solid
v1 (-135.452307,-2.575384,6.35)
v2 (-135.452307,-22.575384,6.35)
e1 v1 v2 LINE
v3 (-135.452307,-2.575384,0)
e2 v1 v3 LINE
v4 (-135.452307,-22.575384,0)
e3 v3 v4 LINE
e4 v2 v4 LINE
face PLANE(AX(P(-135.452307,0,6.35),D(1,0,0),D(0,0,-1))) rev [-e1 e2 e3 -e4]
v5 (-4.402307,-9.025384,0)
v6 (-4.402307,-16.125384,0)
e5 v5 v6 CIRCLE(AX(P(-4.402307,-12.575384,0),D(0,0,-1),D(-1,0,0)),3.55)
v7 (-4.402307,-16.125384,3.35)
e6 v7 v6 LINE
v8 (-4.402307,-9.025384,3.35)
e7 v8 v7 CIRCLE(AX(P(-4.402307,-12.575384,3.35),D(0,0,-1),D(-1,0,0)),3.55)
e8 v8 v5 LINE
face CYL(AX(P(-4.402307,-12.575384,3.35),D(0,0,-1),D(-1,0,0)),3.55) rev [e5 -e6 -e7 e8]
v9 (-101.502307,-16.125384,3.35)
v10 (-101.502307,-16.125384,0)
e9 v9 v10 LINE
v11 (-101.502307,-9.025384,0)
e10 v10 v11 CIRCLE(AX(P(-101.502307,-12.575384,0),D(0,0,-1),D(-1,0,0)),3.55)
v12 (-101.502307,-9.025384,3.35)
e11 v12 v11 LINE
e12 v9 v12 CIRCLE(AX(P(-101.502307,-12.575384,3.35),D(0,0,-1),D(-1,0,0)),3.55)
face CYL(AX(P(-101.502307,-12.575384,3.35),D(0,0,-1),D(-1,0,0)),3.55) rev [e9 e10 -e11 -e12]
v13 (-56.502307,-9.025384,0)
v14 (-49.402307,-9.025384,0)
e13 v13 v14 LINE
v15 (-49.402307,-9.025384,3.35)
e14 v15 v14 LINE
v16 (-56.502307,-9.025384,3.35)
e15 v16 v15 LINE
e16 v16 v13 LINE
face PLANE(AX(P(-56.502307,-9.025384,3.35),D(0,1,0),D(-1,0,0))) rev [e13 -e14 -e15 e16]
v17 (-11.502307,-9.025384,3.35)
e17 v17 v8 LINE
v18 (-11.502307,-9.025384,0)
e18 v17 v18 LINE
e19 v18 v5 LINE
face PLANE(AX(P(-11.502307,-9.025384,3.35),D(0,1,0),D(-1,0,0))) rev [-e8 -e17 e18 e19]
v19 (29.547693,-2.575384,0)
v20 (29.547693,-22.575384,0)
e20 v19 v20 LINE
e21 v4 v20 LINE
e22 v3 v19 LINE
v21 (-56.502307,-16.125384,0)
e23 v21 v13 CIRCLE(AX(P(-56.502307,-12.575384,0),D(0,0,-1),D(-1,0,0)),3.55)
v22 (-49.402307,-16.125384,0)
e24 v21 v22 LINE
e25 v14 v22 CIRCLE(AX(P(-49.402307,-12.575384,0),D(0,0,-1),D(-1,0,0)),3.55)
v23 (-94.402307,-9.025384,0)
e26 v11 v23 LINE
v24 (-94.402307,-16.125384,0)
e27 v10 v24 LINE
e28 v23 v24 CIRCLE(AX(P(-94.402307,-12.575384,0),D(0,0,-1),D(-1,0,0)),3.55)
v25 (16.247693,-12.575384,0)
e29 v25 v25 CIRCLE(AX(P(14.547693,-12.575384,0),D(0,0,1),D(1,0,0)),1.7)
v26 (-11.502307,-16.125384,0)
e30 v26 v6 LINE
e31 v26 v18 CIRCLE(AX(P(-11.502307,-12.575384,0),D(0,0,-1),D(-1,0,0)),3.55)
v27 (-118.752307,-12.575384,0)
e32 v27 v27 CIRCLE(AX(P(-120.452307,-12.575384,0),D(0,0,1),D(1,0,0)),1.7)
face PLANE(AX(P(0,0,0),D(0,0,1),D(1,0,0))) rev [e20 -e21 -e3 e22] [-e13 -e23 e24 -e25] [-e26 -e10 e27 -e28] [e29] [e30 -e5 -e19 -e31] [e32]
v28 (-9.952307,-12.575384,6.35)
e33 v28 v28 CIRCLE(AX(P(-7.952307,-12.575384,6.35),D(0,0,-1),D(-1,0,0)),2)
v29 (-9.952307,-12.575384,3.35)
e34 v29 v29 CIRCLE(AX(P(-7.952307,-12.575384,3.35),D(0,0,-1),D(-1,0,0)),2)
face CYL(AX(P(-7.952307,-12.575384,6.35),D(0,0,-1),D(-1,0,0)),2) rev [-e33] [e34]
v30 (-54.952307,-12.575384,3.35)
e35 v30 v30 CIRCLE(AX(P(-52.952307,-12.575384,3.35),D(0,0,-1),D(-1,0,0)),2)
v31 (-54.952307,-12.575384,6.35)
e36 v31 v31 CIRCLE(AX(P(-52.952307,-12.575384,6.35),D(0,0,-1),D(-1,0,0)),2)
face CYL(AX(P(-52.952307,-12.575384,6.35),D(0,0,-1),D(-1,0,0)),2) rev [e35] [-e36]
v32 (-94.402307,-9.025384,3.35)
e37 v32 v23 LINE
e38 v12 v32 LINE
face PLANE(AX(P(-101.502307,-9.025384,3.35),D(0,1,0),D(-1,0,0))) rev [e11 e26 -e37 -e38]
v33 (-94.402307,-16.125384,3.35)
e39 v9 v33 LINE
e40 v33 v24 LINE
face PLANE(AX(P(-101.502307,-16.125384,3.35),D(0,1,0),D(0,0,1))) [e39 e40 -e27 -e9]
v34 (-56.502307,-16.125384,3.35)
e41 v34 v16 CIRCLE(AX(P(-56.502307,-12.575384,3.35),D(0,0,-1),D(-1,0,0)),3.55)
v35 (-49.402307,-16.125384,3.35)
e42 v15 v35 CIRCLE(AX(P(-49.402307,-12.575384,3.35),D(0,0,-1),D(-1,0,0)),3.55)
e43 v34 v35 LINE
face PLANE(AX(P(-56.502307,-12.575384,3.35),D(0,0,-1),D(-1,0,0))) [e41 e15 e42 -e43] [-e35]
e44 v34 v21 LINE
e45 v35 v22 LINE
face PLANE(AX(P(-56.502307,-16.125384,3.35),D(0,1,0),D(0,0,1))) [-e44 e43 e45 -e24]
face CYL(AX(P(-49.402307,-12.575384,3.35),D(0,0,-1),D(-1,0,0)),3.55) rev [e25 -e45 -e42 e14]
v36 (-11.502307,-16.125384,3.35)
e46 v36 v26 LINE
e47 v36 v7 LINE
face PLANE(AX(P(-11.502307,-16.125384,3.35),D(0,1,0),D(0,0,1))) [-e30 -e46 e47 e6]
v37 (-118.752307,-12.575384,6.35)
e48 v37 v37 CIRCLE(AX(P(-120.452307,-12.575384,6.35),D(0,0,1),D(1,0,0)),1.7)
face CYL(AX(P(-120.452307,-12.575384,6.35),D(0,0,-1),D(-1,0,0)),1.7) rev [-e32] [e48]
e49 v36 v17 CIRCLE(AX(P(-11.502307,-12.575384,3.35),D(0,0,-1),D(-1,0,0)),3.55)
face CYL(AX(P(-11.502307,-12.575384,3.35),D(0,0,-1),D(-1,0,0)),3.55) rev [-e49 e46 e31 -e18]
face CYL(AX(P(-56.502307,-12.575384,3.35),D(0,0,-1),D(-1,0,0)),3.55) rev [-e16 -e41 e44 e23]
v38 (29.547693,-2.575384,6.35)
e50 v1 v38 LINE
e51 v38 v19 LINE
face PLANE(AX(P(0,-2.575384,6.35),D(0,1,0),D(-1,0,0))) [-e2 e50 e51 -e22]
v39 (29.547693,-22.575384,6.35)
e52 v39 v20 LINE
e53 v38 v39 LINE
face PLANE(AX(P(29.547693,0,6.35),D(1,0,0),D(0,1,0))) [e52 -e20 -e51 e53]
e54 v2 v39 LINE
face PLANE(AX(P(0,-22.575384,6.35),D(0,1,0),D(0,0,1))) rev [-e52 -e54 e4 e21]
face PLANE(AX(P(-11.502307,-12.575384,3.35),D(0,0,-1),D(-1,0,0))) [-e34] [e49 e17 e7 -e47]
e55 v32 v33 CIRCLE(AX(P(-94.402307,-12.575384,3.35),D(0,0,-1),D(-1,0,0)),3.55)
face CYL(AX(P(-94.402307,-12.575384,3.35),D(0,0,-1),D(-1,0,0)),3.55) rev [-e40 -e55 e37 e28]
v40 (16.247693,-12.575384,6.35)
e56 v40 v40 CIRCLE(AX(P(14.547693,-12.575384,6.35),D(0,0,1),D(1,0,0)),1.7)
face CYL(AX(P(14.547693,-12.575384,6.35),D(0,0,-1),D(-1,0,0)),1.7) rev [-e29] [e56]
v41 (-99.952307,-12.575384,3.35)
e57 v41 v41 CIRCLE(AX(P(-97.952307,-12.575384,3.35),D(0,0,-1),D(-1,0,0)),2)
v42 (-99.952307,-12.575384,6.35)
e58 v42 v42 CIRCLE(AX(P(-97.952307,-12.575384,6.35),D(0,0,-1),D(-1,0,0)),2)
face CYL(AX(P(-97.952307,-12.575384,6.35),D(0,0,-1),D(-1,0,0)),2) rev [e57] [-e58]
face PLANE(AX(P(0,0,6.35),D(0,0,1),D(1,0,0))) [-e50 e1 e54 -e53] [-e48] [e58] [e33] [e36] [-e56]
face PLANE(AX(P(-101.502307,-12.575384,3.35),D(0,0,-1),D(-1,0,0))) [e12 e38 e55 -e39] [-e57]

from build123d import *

# Parameters (mm, degrees)
SKETCH1_W           = 165
SKETCH1_H           = 20
SKETCH1_R           = 1.7
BOSS_EXTRUDE1_DEPTH = 6.35
CUT_EXTRUDE2_DEPTH  = 3.35
CUT_EXTRUDE3_DEPTH  = 3


with BuildPart() as part:
    # Sketch1 → Boss-Extrude1 (new body)
    with BuildSketch(Plane(origin=(0, 0, 0), x_dir=(-1, 0, 0), z_dir=(0, 0, 1))):
        with Locations((52.952306935, 12.575384489)):
            Rectangle(SKETCH1_W, SKETCH1_H)
        with Locations(Location((120.452306935, 12.575384489, 0), (0, 0, 180))):
            Circle(SKETCH1_R, mode=Mode.SUBTRACT)
        with Locations(Location((-14.547693065, 12.575384489, 0), (0, 0, 180))):
            Circle(SKETCH1_R, mode=Mode.SUBTRACT)
    extrude(amount=BOSS_EXTRUDE1_DEPTH)

    # Sketch3 → Cut-Extrude2 (cut)
    with BuildSketch(Plane(origin=(0, 0, 0), x_dir=(-1, 0, 0), z_dir=(0, 0, -1))):
        with BuildLine():
            Line((56.502306935, -16.125384489), (49.402306935, -16.125384489))
            ThreePointArc((49.402306935, -16.125384489), (45.852306935, -12.575384489), (49.402306935, -9.025384489))
            Line((49.402306935, -9.025384489), (56.502306935, -9.025384489))
            ThreePointArc((56.502306935, -9.025384489), (60.052306935, -12.575384489), (56.502306935, -16.125384489))
        make_face()
        with BuildLine():
            Line((101.502306935, -16.125384489), (94.402306935, -16.125384489))
            ThreePointArc((94.402306935, -16.125384489), (90.852306935, -12.575384489), (94.402306935, -9.025384489))
            Line((94.402306935, -9.025384489), (101.502306935, -9.025384489))
            ThreePointArc((101.502306935, -9.025384489), (105.052306935, -12.575384489), (101.502306935, -16.125384489))
        make_face()
        with BuildLine():
            Line((11.502306935, -16.125384489), (4.402306935, -16.125384489))
            ThreePointArc((4.402306935, -16.125384489), (0.852306935, -12.575384489), (4.402306935, -9.025384489))
            Line((4.402306935, -9.025384489), (11.502306935, -9.025384489))
            ThreePointArc((11.502306935, -9.025384489), (15.052306935, -12.575384489), (11.502306935, -16.125384489))
        make_face()
    extrude(amount=-CUT_EXTRUDE2_DEPTH, mode=Mode.SUBTRACT)

    # Sketch4 → Cut-Extrude3 (cut)
    with BuildSketch(Plane(origin=(0, 0, 3.35), x_dir=(-1, 0, 0), z_dir=(0, 0, -1))):
        with BuildLine():
            ThreePointArc((9.952306935, -12.575384489), (9.366520498, -11.161170927), (7.952306935, -10.575384489))
            Line((7.952306935, -10.575384489), (7.952306935, -14.575384489))
            ThreePointArc((7.952306935, -14.575384489), (9.366520498, -13.989598052), (9.952306935, -12.575384489))
        make_face()
        with BuildLine():
            Line((7.952306935, -14.575384489), (7.952306935, -10.575384489))
            ThreePointArc((7.952306935, -10.575384489), (5.952306935, -12.575384489), (7.952306935, -14.575384489))
        make_face()
        with BuildLine():
            ThreePointArc((52.952306935, -10.575384489), (50.952306935, -12.575384489), (52.952306935, -14.575384489))
            Line((52.952306935, -14.575384489), (52.952306935, -10.575384489))
        make_face()
        with BuildLine():
            Line((52.952306935, -10.575384489), (52.952306935, -14.575384489))
            ThreePointArc((52.952306935, -14.575384489), (54.366520498, -13.989598052), (54.952306935, -12.575384489))
            ThreePointArc((54.952306935, -12.575384489), (54.366520498, -11.161170927), (52.952306935, -10.575384489))
        make_face()
        with BuildLine():
            ThreePointArc((99.952306935, -12.575384489), (99.366520498, -11.161170927), (97.952306935, -10.575384489))
            Line((97.952306935, -10.575384489), (97.952306935, -14.575384489))
            ThreePointArc((97.952306935, -14.575384489), (99.366520498, -13.989598052), (99.952306935, -12.575384489))
        make_face()
        with BuildLine():
            Line((97.952306935, -14.575384489), (97.952306935, -10.575384489))
            ThreePointArc((97.952306935, -10.575384489), (95.952306935, -12.575384489), (97.952306935, -14.575384489))
        make_face()
    extrude(amount=-CUT_EXTRUDE3_DEPTH, mode=Mode.SUBTRACT)


solid = part.part
